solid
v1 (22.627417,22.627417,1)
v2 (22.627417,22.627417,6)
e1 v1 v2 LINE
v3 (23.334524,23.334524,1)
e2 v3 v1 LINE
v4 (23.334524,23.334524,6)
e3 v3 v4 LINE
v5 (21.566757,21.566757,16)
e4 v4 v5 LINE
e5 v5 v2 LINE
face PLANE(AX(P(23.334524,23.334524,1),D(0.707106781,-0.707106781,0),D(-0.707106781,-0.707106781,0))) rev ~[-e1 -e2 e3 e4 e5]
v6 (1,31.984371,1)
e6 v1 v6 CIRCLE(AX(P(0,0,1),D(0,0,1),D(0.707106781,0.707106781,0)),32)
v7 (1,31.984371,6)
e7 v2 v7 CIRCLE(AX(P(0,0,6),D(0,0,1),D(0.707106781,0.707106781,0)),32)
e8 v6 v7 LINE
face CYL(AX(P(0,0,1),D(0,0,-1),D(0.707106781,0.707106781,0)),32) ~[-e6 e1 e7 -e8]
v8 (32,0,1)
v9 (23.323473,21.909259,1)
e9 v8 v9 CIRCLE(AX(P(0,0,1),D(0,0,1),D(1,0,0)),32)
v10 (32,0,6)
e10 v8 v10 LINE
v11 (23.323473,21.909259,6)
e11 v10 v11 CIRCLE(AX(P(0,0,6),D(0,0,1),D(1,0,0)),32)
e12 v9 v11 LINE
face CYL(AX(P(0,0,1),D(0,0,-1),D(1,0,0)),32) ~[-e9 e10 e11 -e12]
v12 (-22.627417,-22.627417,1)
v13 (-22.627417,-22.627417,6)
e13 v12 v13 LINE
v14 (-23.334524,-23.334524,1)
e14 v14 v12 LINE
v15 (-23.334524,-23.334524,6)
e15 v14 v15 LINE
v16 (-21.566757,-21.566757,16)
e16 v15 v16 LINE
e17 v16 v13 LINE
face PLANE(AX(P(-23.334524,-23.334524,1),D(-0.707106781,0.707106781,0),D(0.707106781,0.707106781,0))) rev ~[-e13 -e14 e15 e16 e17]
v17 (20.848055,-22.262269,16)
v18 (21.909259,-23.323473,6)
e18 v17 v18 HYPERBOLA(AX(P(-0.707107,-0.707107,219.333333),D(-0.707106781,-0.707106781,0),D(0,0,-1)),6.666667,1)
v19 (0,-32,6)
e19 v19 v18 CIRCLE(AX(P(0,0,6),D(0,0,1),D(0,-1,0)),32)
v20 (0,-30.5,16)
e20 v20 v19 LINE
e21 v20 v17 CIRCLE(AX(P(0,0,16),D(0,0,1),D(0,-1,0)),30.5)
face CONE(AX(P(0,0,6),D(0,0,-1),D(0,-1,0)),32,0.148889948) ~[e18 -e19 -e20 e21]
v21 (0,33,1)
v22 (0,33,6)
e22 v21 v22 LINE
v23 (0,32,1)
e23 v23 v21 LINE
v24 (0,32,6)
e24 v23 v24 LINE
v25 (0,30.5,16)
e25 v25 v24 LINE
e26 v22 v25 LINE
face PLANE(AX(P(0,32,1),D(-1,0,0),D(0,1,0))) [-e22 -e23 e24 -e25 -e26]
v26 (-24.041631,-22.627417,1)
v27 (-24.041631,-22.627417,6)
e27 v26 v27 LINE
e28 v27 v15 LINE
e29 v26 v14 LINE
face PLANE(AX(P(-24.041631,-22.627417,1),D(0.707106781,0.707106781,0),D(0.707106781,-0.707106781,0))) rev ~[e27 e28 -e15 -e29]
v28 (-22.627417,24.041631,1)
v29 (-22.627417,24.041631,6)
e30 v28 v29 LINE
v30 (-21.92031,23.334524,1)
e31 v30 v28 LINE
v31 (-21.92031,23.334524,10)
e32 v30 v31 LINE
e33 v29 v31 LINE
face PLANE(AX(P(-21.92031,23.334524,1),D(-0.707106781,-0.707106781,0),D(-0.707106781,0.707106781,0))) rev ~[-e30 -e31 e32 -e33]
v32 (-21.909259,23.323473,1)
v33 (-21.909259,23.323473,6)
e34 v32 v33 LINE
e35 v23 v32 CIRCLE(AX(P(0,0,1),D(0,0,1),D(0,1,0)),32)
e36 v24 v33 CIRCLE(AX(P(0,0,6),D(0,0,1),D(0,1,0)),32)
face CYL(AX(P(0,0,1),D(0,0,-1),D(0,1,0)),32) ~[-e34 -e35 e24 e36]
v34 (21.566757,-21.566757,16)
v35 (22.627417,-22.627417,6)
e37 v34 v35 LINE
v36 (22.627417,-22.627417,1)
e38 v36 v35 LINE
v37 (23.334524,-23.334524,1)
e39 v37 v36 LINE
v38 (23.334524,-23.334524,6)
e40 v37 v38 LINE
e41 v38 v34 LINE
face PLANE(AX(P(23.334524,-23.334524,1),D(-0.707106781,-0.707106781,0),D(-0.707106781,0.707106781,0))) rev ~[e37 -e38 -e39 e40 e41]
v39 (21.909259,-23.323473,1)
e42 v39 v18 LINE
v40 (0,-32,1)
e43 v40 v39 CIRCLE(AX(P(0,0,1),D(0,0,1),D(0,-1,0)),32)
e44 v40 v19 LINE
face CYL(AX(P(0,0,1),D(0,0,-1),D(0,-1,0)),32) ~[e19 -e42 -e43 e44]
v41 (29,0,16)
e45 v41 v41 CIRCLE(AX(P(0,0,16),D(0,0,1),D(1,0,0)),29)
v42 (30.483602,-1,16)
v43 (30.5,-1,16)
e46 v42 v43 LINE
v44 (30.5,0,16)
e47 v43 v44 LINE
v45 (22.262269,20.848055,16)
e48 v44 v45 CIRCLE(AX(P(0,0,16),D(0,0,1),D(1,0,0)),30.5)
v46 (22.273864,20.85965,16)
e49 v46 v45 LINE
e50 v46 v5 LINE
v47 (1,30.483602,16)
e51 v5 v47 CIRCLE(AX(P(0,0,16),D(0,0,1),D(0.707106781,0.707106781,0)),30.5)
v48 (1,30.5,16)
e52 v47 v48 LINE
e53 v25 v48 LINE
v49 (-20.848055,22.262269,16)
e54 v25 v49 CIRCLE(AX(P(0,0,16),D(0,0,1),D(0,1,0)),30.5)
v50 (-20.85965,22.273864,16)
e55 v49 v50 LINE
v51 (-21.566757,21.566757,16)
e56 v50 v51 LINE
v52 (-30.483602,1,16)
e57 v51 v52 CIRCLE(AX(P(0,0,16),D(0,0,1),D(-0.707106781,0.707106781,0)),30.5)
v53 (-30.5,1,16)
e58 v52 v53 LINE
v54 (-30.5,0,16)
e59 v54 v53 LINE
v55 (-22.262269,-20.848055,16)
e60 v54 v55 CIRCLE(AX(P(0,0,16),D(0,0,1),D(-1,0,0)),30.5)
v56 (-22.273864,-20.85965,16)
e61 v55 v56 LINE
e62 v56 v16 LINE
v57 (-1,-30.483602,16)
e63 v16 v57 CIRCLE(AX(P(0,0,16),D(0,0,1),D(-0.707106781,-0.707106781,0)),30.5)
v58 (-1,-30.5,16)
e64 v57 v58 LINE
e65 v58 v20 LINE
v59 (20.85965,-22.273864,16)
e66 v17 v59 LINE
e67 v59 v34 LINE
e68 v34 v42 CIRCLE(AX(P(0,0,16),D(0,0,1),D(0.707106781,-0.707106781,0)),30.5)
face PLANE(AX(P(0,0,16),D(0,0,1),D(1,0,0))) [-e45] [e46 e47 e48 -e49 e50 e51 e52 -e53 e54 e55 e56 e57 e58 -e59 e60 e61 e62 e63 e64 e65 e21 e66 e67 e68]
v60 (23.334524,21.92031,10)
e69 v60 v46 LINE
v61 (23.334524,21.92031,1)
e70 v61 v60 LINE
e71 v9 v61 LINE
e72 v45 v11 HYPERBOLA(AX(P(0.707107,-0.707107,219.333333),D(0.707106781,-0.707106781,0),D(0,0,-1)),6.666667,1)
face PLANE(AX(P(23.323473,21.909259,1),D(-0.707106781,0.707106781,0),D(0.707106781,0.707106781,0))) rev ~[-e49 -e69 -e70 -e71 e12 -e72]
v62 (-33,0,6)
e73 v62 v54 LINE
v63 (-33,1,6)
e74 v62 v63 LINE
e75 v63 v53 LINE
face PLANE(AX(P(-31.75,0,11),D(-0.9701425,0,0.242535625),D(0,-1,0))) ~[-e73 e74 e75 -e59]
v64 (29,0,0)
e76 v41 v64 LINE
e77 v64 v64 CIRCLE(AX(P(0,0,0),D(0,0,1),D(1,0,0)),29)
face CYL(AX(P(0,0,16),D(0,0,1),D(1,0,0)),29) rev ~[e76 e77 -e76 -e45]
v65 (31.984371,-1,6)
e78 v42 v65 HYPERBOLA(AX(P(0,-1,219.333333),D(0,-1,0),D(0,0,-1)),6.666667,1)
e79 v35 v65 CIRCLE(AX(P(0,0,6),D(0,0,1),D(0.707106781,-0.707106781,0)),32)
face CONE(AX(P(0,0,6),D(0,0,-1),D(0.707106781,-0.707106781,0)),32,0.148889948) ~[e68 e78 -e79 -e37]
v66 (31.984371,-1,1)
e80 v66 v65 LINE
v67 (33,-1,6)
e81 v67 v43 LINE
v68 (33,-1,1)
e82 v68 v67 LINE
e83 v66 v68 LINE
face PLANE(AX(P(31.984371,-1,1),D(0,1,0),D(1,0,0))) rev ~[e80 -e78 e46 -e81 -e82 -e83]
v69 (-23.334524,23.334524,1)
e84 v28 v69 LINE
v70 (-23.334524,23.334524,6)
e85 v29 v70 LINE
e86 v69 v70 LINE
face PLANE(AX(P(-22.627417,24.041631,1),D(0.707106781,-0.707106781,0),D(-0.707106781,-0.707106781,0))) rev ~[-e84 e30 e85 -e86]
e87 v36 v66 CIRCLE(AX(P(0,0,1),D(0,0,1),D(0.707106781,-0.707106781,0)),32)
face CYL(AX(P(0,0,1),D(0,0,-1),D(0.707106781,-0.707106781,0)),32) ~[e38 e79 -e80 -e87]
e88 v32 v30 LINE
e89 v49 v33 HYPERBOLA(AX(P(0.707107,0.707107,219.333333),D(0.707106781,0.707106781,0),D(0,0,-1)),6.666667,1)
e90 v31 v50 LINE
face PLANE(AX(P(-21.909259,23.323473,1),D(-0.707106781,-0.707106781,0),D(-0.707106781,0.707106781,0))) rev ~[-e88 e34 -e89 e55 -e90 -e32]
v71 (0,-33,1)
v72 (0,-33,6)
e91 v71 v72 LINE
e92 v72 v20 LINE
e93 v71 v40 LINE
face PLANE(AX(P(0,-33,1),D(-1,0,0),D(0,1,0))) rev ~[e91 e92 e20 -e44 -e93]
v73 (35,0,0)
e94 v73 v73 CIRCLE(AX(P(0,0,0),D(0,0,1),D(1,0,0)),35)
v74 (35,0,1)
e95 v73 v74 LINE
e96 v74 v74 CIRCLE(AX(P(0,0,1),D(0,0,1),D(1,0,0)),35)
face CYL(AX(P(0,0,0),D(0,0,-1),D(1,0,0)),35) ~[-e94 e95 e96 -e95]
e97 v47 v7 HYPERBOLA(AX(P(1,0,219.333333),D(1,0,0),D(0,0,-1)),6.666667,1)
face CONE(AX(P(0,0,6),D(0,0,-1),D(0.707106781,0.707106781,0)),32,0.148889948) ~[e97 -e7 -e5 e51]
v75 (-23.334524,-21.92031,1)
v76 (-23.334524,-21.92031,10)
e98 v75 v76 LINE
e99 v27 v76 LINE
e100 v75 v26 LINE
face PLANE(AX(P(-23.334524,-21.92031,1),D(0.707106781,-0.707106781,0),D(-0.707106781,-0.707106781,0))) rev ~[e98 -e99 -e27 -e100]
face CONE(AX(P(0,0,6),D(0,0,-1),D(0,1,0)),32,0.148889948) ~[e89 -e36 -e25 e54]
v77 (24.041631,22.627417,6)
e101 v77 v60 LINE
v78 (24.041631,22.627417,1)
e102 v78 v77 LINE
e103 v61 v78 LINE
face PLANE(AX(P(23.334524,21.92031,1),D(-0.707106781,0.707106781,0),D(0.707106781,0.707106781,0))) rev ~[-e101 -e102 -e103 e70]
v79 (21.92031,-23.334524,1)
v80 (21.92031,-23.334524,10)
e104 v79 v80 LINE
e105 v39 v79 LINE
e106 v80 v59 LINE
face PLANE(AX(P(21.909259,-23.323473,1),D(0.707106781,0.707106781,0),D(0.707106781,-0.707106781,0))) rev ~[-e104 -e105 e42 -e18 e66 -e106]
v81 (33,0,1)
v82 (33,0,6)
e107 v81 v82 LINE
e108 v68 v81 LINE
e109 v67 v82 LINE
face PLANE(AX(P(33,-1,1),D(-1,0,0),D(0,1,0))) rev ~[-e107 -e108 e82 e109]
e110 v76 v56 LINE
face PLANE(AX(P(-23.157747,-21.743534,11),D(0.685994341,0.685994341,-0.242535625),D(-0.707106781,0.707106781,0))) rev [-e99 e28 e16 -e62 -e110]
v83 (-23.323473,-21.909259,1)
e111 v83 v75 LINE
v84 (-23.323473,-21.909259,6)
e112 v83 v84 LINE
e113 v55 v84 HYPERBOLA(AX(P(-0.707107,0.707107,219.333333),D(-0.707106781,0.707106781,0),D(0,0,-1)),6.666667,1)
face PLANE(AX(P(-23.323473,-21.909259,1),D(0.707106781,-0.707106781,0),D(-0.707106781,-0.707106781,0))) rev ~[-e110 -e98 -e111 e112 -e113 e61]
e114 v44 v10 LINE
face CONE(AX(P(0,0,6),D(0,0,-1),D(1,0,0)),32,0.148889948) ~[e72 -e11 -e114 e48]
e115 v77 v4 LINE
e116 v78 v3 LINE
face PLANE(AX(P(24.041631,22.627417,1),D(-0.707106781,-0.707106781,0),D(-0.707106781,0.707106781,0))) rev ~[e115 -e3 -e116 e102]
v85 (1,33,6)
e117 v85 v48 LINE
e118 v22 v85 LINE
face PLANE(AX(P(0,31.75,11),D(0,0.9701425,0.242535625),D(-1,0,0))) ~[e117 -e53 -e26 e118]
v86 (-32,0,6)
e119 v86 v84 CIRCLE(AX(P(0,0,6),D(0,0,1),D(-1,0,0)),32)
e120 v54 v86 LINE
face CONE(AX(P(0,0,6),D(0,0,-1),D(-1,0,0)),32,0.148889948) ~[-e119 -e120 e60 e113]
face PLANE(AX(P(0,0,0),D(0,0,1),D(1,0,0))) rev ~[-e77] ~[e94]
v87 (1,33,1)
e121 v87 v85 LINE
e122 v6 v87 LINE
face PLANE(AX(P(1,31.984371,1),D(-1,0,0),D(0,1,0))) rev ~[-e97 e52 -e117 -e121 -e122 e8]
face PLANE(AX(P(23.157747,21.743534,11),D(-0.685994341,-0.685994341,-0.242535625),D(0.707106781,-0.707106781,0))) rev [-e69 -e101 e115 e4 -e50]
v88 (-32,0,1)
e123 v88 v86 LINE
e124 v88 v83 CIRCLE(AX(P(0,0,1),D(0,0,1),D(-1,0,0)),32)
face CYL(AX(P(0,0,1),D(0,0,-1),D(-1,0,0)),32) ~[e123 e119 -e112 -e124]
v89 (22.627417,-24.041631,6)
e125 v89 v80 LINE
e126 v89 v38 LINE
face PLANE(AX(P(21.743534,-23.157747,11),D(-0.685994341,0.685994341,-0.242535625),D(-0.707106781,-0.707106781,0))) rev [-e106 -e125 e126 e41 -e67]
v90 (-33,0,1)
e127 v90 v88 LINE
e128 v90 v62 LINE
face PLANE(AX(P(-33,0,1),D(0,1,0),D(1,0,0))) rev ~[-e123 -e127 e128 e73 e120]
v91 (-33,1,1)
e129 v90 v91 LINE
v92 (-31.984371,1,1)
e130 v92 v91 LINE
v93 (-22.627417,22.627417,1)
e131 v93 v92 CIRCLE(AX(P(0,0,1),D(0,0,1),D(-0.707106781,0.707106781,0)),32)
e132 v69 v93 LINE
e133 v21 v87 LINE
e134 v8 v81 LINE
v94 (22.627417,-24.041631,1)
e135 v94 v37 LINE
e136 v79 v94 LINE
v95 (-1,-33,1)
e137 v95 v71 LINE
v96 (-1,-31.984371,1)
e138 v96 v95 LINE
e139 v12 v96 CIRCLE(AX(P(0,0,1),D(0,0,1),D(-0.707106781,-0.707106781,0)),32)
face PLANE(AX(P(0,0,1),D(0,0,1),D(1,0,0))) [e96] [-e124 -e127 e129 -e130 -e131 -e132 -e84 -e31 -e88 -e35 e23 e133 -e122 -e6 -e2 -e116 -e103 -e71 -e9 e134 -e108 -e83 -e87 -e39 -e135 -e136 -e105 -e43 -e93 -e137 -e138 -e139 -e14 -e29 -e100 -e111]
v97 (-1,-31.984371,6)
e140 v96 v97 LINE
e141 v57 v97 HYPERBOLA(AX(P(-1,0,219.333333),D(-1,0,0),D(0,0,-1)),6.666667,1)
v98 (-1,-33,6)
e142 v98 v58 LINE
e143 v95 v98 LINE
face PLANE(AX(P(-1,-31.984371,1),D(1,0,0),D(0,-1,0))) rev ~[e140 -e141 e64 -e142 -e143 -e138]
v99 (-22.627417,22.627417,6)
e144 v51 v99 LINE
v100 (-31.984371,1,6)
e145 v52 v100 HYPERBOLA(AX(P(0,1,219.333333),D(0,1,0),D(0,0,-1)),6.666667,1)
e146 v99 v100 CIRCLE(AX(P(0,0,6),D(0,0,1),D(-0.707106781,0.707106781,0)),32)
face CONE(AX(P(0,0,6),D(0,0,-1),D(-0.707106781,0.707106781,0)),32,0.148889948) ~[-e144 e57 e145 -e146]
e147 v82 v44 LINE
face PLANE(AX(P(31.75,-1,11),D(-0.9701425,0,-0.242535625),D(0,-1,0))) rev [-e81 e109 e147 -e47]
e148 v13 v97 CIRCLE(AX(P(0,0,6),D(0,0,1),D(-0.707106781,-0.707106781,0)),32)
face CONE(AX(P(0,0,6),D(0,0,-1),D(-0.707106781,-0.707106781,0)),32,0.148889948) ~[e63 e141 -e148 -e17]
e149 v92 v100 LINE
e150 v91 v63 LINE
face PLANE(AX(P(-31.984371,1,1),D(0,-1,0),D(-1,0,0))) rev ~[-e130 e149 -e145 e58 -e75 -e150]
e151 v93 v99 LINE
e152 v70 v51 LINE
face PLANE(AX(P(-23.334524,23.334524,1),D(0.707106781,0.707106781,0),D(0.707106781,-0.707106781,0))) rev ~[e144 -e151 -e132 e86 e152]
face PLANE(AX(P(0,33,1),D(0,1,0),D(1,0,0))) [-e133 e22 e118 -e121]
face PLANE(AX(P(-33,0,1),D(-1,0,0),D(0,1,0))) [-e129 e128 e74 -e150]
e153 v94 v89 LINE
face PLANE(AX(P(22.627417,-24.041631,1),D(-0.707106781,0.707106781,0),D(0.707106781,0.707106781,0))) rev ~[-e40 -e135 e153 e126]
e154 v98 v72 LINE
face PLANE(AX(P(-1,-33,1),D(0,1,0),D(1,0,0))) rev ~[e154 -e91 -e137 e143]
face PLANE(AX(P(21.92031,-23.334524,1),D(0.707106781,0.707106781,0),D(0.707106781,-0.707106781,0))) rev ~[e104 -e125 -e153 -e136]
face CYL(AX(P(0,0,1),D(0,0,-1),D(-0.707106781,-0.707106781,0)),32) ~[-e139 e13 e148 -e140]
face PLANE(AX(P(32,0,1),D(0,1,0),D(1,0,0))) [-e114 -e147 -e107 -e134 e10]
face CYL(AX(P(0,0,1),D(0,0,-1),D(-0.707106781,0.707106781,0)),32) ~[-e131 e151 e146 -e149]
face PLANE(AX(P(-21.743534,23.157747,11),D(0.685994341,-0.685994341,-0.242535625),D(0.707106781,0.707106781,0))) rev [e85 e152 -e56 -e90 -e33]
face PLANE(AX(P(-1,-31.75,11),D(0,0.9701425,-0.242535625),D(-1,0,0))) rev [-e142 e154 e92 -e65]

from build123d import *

# Parameters (mm, degrees)
F0_R       = 35
F1_DEPTH   = 1
F2_W       = 1
F2_H       = 1
F3_DEPTH   = 15
F4_R       = 29
F5_DEPTH   = 16.001
F6_SIZE2   = 10
F6_SIZE    = 1.5
F7_SIZE2   = 2.5
F7_SIZE    = 10
F7_2_SIZE2 = 2.5
F7_2_SIZE  = 10
F7_3_SIZE2 = 2.5
F7_3_SIZE  = 10
F7_4_SIZE2 = 2.5
F7_4_SIZE  = 10
F7_5_SIZE2 = 2.5
F7_5_SIZE  = 10
F7_6_SIZE2 = 2.5
F7_6_SIZE  = 10
F7_7_SIZE2 = 2.5
F7_7_SIZE  = 10
F7_8_SIZE2 = 2.5
F7_8_SIZE  = 10


with BuildPart() as f1:
    # F0 (on Top) → F1 (new body)
    with BuildSketch(Plane.XY):
        Circle(F0_R)
    extrude(amount=F1_DEPTH)

    # F2 (on face) → F3 (join)
    with BuildSketch(Plane.XY.offset(1)):
        with BuildLine():
            Line((31, 0), (32, 0))
            ThreePointArc((32, 0), (29.7519001173, 11.7823783426), (23.323472537, 21.9092589746))
            Line((23.323472537, 21.9092589746), (22.627416998, 21.2132034356))
            Line((22.627416998, 21.2132034356), (21.9203102168, 21.9203102168))
            Line((21.9203102168, 21.9203102168), (22.627416998, 22.627416998))
            ThreePointArc((22.627416998, 22.627416998), (12.7063707016, 29.3691699507), (1, 31.9843711834))
            Line((1, 31.9843711834), (1, 31))
            Line((1, 31), (0, 31))
            Line((0, 31), (0, 32))
            ThreePointArc((0, 32), (-11.7823783426, 29.7519001173), (-21.9092589746, 23.323472537))
            Line((-21.9092589746, 23.323472537), (-21.2132034356, 22.627416998))
            Line((-21.2132034356, 22.627416998), (-21.9203102168, 21.9203102168))
            Line((-21.9203102168, 21.9203102168), (-22.627416998, 22.627416998))
            ThreePointArc((-22.627416998, 22.627416998), (-29.3691699507, 12.7063707016), (-31.9843711834, 1))
            Line((-31.9843711834, 1), (-31, 1))
            Line((-31, 1), (-31, 0))
            Line((-31, 0), (-32, 0))
            ThreePointArc((-32, 0), (-29.7519001173, -11.7823783426), (-23.323472537, -21.9092589746))
            Line((-23.323472537, -21.9092589746), (-22.627416998, -21.2132034356))
            Line((-22.627416998, -21.2132034356), (-21.9203102168, -21.9203102168))
            Line((-21.9203102168, -21.9203102168), (-22.627416998, -22.627416998))
            ThreePointArc((-22.627416998, -22.627416998), (-12.7063707016, -29.3691699507), (-1, -31.9843711834))
            Line((-1, -31.9843711834), (-1, -31))
            Line((-1, -31), (0, -31))
            Line((0, -31), (0, -32))
            ThreePointArc((0, -32), (11.7823783426, -29.7519001173), (21.9092589746, -23.323472537))
            Line((21.9092589746, -23.323472537), (21.2132034356, -22.627416998))
            Line((21.2132034356, -22.627416998), (21.9203102168, -21.9203102168))
            Line((21.9203102168, -21.9203102168), (22.627416998, -22.627416998))
            ThreePointArc((22.627416998, -22.627416998), (29.3691699507, -12.7063707016), (31.9843711834, -1))
            Line((31.9843711834, -1), (31, -1))
            Line((31, -1), (31, 0))
        make_face()
        with BuildLine():
            Line((32, -1), (32, 0))
            ThreePointArc((32, 0), (31.9960925573, -0.5000610612), (31.9843711834, -1))
            Line((31.9843711834, -1), (32, -1))
        make_face()
        with BuildLine():
            ThreePointArc((31.9843711834, -1), (31.9960925573, -0.5000610612), (32, 0))
            Line((32, 0), (31, 0))
            Line((31, 0), (31, -1))
            Line((31, -1), (31.9843711834, -1))
        make_face()
        with Locations((32.5, -0.5)):
            Rectangle(F2_W, F2_H)
        with BuildLine():
            Line((22.627416998, 21.2132034356), (23.323472537, 21.9092589746))
            ThreePointArc((23.323472537, 21.9092589746), (22.9782505862, 22.2710574513), (22.627416998, 22.627416998))
            Line((22.627416998, 22.627416998), (21.9203102168, 21.9203102168))
            Line((21.9203102168, 21.9203102168), (22.627416998, 21.2132034356))
        make_face()
        with BuildLine():
            ThreePointArc((22.627416998, 22.627416998), (22.9782505862, 22.2710574513), (23.323472537, 21.9092589746))
            Line((23.323472537, 21.9092589746), (23.3345237792, 21.9203102168))
            Line((23.3345237792, 21.9203102168), (22.627416998, 22.627416998))
        make_face()
        Polygon((23.3345237792, 23.3345237792), (22.627416998, 22.627416998), (23.3345237792, 21.9203102168), (24.0416305603, 22.627416998), align=None)
        with BuildLine():
            Line((21.9203102168, -23.3345237792), (22.627416998, -22.627416998))
            ThreePointArc((22.627416998, -22.627416998), (22.2710574513, -22.9782505862), (21.9092589746, -23.323472537))
            Line((21.9092589746, -23.323472537), (21.9203102168, -23.3345237792))
        make_face()
        with BuildLine():
            ThreePointArc((21.9092589746, -23.323472537), (22.2710574513, -22.9782505862), (22.627416998, -22.627416998))
            Line((22.627416998, -22.627416998), (21.9203102168, -21.9203102168))
            Line((21.9203102168, -21.9203102168), (21.2132034356, -22.627416998))
            Line((21.2132034356, -22.627416998), (21.9092589746, -23.323472537))
        make_face()
        Polygon((23.3345237792, -23.3345237792), (22.627416998, -22.627416998), (21.9203102168, -23.3345237792), (22.627416998, -24.0416305603), align=None)
        with BuildLine():
            Line((1, 31), (1, 31.9843711834))
            ThreePointArc((1, 31.9843711834), (0.5000610612, 31.9960925573), (0, 32))
            Line((0, 32), (0, 31))
            Line((0, 31), (1, 31))
        make_face()
        with BuildLine():
            ThreePointArc((0, 32), (0.5000610612, 31.9960925573), (1, 31.9843711834))
            Line((1, 31.9843711834), (1, 32))
            Line((1, 32), (0, 32))
        make_face()
        with Locations((0.5, 32.5)):
            Rectangle(F2_W, F2_H)
        with BuildLine():
            Line((-1, -32), (0, -32))
            ThreePointArc((0, -32), (-0.5000610612, -31.9960925573), (-1, -31.9843711834))
            Line((-1, -31.9843711834), (-1, -32))
        make_face()
        with BuildLine():
            ThreePointArc((-1, -31.9843711834), (-0.5000610612, -31.9960925573), (0, -32))
            Line((0, -32), (0, -31))
            Line((0, -31), (-1, -31))
            Line((-1, -31), (-1, -31.9843711834))
        make_face()
        with Locations((-0.5, -32.5)):
            Rectangle(F2_W, F2_H)
        with BuildLine():
            Line((-21.2132034356, 22.627416998), (-21.9092589746, 23.323472537))
            ThreePointArc((-21.9092589746, 23.323472537), (-22.2710574513, 22.9782505862), (-22.627416998, 22.627416998))
            Line((-22.627416998, 22.627416998), (-21.9203102168, 21.9203102168))
            Line((-21.9203102168, 21.9203102168), (-21.2132034356, 22.627416998))
        make_face()
        with BuildLine():
            ThreePointArc((-22.627416998, 22.627416998), (-22.2710574513, 22.9782505862), (-21.9092589746, 23.323472537))
            Line((-21.9092589746, 23.323472537), (-21.9203102168, 23.3345237792))
            Line((-21.9203102168, 23.3345237792), (-22.627416998, 22.627416998))
        make_face()
        Polygon((-23.3345237792, 23.3345237792), (-22.627416998, 22.627416998), (-21.9203102168, 23.3345237792), (-22.627416998, 24.0416305603), align=None)
        with BuildLine():
            Line((-23.3345237792, -21.9203102168), (-22.627416998, -22.627416998))
            ThreePointArc((-22.627416998, -22.627416998), (-22.9782505862, -22.2710574513), (-23.323472537, -21.9092589746))
            Line((-23.323472537, -21.9092589746), (-23.3345237792, -21.9203102168))
        make_face()
        with BuildLine():
            ThreePointArc((-23.323472537, -21.9092589746), (-22.9782505862, -22.2710574513), (-22.627416998, -22.627416998))
            Line((-22.627416998, -22.627416998), (-21.9203102168, -21.9203102168))
            Line((-21.9203102168, -21.9203102168), (-22.627416998, -21.2132034356))
            Line((-22.627416998, -21.2132034356), (-23.323472537, -21.9092589746))
        make_face()
        Polygon((-23.3345237792, -23.3345237792), (-22.627416998, -22.627416998), (-23.3345237792, -21.9203102168), (-24.0416305603, -22.627416998), align=None)
        with BuildLine():
            Line((-31, 1), (-31.9843711834, 1))
            ThreePointArc((-31.9843711834, 1), (-31.9960925573, 0.5000610612), (-32, 0))
            Line((-32, 0), (-31, 0))
            Line((-31, 0), (-31, 1))
        make_face()
        with BuildLine():
            ThreePointArc((-32, 0), (-31.9960925573, 0.5000610612), (-31.9843711834, 1))
            Line((-31.9843711834, 1), (-32, 1))
            Line((-32, 1), (-32, 0))
        make_face()
        with Locations((-32.5, 0.5)):
            Rectangle(F2_W, F2_H)
    extrude(amount=F3_DEPTH)

    # F4 (on face) → F5 (cut, through all)
    with BuildSketch(Plane.XY.offset(16)):
        Circle(F4_R)
    extrude(amount=-F5_DEPTH, mode=Mode.SUBTRACT)

    # F6
    f6_edges = [f1.edges().sort_by_distance(p)[0] for p in [
        (12.706371, 29.36917, 16),
        (29.7519, 11.782378, 16),
        (29.36917, -12.706371, 16),
        (11.782378, -29.7519, 16),
        (-12.706371, -29.36917, 16),
        (-29.7519, -11.782378, 16),
        (-29.36917, 12.706371, 16),
        (-11.782378, 29.7519, 16),
    ]]
    f6_side = f1.faces().sort_by_distance((28.512525, -12.335749, 16))[0]
    chamfer(f6_edges, length=F6_SIZE, length2=F6_SIZE2, reference=f6_side)

    # F7
    f7_edges = [f1.edges().sort_by_distance(p)[0] for p in [
        (33, -0.5, 16),
    ]]
    f7_side = f1.faces().sort_by_distance((33, -0.5, 8.5))[0]
    chamfer(f7_edges, length=F7_SIZE, length2=F7_SIZE2, reference=f7_side)

    # F7#2
    f7_2_edges = [f1.edges().sort_by_distance(p)[0] for p in [
        (22.98097, -23.688077, 16),
    ]]
    f7_2_side = f1.faces().sort_by_distance((22.98097, -23.688077, 8.5))[0]
    chamfer(f7_2_edges, length=F7_2_SIZE, length2=F7_2_SIZE2, reference=f7_2_side)

    # F7#3
    f7_3_edges = [f1.edges().sort_by_distance(p)[0] for p in [
        (-0.5, -33, 16),
    ]]
    f7_3_side = f1.faces().sort_by_distance((-0.5, -33, 8.5))[0]
    chamfer(f7_3_edges, length=F7_3_SIZE, length2=F7_3_SIZE2, reference=f7_3_side)

    # F7#4
    f7_4_edges = [f1.edges().sort_by_distance(p)[0] for p in [
        (-23.688077, -22.98097, 16),
    ]]
    f7_4_side = f1.faces().sort_by_distance((-23.688077, -22.98097, 8.5))[0]
    chamfer(f7_4_edges, length=F7_4_SIZE, length2=F7_4_SIZE2, reference=f7_4_side)

    # F7#5
    f7_5_edges = [f1.edges().sort_by_distance(p)[0] for p in [
        (-33, 0.5, 16),
    ]]
    f7_5_side = f1.faces().sort_by_distance((-33, 0.5, 8.5))[0]
    chamfer(f7_5_edges, length=F7_5_SIZE, length2=F7_5_SIZE2, reference=f7_5_side)

    # F7#6
    f7_6_edges = [f1.edges().sort_by_distance(p)[0] for p in [
        (-22.98097, 23.688077, 16),
    ]]
    f7_6_side = f1.faces().sort_by_distance((-22.98097, 23.688077, 8.5))[0]
    chamfer(f7_6_edges, length=F7_6_SIZE, length2=F7_6_SIZE2, reference=f7_6_side)

    # F7#7
    f7_7_edges = [f1.edges().sort_by_distance(p)[0] for p in [
        (0.5, 33, 16),
    ]]
    f7_7_side = f1.faces().sort_by_distance((0.5, 33, 8.5))[0]
    chamfer(f7_7_edges, length=F7_7_SIZE, length2=F7_7_SIZE2, reference=f7_7_side)

    # F7#8
    f7_8_edges = [f1.edges().sort_by_distance(p)[0] for p in [
        (23.688077, 22.98097, 16),
    ]]
    f7_8_side = f1.faces().sort_by_distance((23.688077, 22.98097, 8.5))[0]
    chamfer(f7_8_edges, length=F7_8_SIZE, length2=F7_8_SIZE2, reference=f7_8_side)


solid = f1.part
